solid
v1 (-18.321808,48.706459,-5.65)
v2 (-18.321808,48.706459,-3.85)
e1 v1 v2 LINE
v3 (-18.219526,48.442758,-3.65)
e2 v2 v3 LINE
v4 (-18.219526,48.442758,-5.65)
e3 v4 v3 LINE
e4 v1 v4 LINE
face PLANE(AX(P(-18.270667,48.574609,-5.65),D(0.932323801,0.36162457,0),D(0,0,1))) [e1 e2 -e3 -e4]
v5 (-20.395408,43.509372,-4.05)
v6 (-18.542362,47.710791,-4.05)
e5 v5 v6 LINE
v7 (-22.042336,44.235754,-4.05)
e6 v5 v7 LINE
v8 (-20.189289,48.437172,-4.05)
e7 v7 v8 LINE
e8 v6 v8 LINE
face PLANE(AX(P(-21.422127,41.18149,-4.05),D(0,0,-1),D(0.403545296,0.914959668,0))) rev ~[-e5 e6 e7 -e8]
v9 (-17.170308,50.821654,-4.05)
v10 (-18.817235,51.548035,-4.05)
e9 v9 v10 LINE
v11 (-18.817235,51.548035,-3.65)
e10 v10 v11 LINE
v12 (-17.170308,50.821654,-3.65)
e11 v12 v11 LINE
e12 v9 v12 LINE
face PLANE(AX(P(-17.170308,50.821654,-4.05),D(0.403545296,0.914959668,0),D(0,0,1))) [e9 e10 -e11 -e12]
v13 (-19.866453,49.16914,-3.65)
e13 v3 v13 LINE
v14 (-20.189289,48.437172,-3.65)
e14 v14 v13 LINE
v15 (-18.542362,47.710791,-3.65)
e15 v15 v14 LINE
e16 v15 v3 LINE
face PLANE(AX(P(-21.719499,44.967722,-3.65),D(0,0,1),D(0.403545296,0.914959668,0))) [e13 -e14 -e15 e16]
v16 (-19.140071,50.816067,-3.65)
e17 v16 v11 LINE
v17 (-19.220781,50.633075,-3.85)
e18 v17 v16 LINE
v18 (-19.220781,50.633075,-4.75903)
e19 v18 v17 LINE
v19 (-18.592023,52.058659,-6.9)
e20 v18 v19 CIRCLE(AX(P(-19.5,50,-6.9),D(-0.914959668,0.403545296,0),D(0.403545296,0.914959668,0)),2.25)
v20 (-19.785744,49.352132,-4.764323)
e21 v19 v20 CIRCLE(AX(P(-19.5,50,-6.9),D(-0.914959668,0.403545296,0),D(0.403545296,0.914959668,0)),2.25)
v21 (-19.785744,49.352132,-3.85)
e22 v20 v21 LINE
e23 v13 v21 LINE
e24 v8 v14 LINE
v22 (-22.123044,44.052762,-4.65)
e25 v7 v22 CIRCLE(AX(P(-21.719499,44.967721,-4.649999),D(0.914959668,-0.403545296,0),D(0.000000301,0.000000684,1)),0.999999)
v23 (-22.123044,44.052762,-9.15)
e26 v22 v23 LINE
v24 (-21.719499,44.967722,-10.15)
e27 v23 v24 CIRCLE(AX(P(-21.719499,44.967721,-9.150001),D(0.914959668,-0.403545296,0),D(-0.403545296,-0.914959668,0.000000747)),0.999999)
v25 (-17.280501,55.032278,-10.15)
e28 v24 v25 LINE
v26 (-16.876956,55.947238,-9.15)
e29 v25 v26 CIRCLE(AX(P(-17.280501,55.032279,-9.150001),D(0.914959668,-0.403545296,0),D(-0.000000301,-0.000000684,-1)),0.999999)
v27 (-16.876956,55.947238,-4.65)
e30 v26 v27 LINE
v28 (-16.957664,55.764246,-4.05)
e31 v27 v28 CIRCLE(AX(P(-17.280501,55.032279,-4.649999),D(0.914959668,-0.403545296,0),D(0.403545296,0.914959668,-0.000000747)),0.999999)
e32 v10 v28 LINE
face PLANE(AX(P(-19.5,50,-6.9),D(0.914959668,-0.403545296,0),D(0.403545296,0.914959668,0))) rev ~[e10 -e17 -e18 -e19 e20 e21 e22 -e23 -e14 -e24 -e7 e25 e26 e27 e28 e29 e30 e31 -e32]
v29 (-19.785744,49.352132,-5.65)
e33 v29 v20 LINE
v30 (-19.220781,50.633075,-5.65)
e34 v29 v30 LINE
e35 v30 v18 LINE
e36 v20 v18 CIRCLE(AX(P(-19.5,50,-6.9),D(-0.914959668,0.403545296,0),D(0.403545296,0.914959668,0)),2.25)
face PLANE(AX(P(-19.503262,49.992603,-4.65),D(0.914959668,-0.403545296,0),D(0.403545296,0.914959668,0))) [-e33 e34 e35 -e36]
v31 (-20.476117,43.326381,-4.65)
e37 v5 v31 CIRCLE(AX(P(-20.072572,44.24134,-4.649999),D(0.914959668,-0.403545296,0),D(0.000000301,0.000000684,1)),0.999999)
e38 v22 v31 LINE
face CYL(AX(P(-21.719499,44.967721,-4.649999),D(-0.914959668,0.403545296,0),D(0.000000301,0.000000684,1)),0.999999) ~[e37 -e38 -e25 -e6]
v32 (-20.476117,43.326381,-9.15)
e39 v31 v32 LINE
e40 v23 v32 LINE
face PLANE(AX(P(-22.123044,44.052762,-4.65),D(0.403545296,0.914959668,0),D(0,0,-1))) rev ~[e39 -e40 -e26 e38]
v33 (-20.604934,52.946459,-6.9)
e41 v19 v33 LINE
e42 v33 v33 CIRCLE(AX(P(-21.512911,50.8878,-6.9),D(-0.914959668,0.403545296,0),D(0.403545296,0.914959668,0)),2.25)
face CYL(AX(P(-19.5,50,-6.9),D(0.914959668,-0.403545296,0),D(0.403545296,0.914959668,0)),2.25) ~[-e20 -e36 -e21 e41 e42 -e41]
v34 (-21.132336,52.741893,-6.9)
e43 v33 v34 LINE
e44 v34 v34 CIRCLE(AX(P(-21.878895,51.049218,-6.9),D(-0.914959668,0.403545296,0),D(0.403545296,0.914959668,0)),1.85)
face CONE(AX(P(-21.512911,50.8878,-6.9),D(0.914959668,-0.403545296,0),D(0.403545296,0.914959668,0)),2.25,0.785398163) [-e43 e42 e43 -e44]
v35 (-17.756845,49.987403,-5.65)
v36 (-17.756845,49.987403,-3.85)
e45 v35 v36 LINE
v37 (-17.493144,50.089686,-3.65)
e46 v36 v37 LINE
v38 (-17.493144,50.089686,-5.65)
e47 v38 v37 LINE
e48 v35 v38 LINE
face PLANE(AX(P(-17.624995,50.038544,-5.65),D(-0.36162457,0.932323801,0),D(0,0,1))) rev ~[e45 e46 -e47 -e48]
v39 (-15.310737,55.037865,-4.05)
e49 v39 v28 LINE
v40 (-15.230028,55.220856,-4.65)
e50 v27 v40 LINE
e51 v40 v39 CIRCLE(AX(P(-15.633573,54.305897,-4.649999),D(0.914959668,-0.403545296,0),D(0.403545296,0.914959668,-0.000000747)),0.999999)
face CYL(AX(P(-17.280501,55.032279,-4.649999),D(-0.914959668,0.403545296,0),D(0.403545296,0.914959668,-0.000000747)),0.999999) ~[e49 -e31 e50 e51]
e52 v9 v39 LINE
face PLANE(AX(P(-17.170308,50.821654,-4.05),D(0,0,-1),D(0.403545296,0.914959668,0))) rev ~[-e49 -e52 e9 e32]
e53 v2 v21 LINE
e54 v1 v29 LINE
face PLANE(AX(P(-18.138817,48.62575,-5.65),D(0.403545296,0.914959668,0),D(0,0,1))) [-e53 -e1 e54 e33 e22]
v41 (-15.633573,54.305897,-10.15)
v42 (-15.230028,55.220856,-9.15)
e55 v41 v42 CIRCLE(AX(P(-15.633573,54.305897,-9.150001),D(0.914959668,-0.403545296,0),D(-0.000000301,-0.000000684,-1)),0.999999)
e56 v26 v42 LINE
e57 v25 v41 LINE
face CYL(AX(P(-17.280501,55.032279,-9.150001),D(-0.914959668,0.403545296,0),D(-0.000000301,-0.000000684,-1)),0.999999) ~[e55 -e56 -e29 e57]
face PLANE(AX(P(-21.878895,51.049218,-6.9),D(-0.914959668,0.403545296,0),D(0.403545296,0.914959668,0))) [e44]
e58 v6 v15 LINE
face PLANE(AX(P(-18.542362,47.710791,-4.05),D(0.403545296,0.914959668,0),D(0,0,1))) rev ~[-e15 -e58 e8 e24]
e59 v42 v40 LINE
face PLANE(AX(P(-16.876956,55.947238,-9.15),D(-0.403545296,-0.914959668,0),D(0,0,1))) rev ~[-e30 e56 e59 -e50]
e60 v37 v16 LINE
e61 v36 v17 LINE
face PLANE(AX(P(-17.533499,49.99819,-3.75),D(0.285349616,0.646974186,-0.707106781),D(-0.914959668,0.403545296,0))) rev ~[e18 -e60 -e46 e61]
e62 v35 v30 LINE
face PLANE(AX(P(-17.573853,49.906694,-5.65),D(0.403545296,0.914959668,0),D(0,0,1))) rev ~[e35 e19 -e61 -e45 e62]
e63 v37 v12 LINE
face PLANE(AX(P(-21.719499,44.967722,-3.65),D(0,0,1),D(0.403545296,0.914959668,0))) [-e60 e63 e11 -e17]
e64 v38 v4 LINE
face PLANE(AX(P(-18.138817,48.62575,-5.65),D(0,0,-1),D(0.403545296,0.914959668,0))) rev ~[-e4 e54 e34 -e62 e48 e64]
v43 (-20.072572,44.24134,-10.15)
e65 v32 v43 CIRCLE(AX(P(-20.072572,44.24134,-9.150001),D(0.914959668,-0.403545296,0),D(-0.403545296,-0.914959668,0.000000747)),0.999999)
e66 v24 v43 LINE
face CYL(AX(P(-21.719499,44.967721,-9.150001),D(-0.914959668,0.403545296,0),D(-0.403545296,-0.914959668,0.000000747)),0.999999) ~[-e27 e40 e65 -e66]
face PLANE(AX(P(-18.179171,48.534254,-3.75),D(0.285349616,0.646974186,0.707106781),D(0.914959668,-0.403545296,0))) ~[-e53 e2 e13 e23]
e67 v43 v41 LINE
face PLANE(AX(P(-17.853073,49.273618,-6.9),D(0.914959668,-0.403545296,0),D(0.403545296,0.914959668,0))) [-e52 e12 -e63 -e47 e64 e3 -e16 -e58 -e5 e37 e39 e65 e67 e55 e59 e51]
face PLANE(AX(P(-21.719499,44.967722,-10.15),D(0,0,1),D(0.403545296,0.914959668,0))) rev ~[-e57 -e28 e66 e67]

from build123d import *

# Parameters (mm, degrees)
PAD036_DEPTH            = 1.8
SKETCH112_R             = 2.25
PAD037_DEPTH            = 2.6
CHAMFER001_SIZE         = 0.4
SKETCH113_W             = 1.4
SKETCH113_H             = 2
SKETCH113_W_2           = 6.443533
SKETCH113_H_2           = 0.4
SKETCH113_W_3           = 7.136163
POCKET007_DEPTH         = 1.8
CHAMFER005_SIZE         = 0.2
BODY035_PLACEMENT_ANGLE = 23.8


with BuildPart() as part:
    # Sketch111 → Pad036 (new body)
    with BuildSketch(Plane.YZ):
        with BuildLine():
            Line((-6.5, 2.25), (-6.5, -2.25))
            ThreePointArc((-6.5, -2.25), (-6.207107, -2.957107), (-5.5, -3.25))
            Line((-5.5, -3.25), (5.5, -3.25))
            ThreePointArc((5.5, -3.25), (6.207107, -2.957107), (6.5, -2.25))
            Line((6.5, -2.25), (6.5, 2.25))
            ThreePointArc((6.5, 2.25), (6.207107, 2.957107), (5.5, 3.25))
            Line((-5.5, 3.25), (5.5, 3.25))
            ThreePointArc((-5.5, 3.25), (-6.207107, 2.957107), (-6.5, 2.25))
        make_face()
    extrude(amount=PAD036_DEPTH)

    # Sketch112 (on Face9 of Pad036) → Pad037 (join)
    with BuildSketch(Plane(origin=(0, 0, 0), x_dir=(0, 1, 0), z_dir=(-1, 0, 0))):
        Circle(SKETCH112_R)
    extrude(amount=PAD037_DEPTH)

    # Chamfer001
    chamfer001_edges = [part.edges().sort_by_distance(p)[0] for p in [
        (-2.6, -2.25, 0),
    ]]
    chamfer(chamfer001_edges, length=CHAMFER001_SIZE)

    # Sketch113 (on Face13 of Chamfer001) → Pocket007 (cut)
    with BuildSketch(Plane.YZ.offset(1.8)):
        with Locations((-0.008084, 2.25)):
            Rectangle(SKETCH113_W, SKETCH113_H)
        with Locations((4.913683, 3.05)):
            Rectangle(SKETCH113_W_2, SKETCH113_H_2)
        with Locations((-5.276165, 3.05)):
            Rectangle(SKETCH113_W_3, SKETCH113_H_2)
    extrude(amount=-POCKET007_DEPTH, mode=Mode.SUBTRACT)

    # Chamfer005
    chamfer005_edges = [part.edges().sort_by_distance(p)[0] for p in [
        (1.8, -0.708084, 2.25),
        (1.8, 0.691916, 2.25),
        (0.9, 0.691916, 3.25),
        (0.9, -0.708084, 3.25),
    ]]
    chamfer(chamfer005_edges, length=CHAMFER005_SIZE)


with BuildPart() as part_1:
    # Body035 placement: moved
    add(part.part.moved(Location((-19.5, 50, -6.9))).rotate(Axis((-19.5, 50, -6.9), (0, 0, -1)), BODY035_PLACEMENT_ANGLE))


solid = part_1.part
